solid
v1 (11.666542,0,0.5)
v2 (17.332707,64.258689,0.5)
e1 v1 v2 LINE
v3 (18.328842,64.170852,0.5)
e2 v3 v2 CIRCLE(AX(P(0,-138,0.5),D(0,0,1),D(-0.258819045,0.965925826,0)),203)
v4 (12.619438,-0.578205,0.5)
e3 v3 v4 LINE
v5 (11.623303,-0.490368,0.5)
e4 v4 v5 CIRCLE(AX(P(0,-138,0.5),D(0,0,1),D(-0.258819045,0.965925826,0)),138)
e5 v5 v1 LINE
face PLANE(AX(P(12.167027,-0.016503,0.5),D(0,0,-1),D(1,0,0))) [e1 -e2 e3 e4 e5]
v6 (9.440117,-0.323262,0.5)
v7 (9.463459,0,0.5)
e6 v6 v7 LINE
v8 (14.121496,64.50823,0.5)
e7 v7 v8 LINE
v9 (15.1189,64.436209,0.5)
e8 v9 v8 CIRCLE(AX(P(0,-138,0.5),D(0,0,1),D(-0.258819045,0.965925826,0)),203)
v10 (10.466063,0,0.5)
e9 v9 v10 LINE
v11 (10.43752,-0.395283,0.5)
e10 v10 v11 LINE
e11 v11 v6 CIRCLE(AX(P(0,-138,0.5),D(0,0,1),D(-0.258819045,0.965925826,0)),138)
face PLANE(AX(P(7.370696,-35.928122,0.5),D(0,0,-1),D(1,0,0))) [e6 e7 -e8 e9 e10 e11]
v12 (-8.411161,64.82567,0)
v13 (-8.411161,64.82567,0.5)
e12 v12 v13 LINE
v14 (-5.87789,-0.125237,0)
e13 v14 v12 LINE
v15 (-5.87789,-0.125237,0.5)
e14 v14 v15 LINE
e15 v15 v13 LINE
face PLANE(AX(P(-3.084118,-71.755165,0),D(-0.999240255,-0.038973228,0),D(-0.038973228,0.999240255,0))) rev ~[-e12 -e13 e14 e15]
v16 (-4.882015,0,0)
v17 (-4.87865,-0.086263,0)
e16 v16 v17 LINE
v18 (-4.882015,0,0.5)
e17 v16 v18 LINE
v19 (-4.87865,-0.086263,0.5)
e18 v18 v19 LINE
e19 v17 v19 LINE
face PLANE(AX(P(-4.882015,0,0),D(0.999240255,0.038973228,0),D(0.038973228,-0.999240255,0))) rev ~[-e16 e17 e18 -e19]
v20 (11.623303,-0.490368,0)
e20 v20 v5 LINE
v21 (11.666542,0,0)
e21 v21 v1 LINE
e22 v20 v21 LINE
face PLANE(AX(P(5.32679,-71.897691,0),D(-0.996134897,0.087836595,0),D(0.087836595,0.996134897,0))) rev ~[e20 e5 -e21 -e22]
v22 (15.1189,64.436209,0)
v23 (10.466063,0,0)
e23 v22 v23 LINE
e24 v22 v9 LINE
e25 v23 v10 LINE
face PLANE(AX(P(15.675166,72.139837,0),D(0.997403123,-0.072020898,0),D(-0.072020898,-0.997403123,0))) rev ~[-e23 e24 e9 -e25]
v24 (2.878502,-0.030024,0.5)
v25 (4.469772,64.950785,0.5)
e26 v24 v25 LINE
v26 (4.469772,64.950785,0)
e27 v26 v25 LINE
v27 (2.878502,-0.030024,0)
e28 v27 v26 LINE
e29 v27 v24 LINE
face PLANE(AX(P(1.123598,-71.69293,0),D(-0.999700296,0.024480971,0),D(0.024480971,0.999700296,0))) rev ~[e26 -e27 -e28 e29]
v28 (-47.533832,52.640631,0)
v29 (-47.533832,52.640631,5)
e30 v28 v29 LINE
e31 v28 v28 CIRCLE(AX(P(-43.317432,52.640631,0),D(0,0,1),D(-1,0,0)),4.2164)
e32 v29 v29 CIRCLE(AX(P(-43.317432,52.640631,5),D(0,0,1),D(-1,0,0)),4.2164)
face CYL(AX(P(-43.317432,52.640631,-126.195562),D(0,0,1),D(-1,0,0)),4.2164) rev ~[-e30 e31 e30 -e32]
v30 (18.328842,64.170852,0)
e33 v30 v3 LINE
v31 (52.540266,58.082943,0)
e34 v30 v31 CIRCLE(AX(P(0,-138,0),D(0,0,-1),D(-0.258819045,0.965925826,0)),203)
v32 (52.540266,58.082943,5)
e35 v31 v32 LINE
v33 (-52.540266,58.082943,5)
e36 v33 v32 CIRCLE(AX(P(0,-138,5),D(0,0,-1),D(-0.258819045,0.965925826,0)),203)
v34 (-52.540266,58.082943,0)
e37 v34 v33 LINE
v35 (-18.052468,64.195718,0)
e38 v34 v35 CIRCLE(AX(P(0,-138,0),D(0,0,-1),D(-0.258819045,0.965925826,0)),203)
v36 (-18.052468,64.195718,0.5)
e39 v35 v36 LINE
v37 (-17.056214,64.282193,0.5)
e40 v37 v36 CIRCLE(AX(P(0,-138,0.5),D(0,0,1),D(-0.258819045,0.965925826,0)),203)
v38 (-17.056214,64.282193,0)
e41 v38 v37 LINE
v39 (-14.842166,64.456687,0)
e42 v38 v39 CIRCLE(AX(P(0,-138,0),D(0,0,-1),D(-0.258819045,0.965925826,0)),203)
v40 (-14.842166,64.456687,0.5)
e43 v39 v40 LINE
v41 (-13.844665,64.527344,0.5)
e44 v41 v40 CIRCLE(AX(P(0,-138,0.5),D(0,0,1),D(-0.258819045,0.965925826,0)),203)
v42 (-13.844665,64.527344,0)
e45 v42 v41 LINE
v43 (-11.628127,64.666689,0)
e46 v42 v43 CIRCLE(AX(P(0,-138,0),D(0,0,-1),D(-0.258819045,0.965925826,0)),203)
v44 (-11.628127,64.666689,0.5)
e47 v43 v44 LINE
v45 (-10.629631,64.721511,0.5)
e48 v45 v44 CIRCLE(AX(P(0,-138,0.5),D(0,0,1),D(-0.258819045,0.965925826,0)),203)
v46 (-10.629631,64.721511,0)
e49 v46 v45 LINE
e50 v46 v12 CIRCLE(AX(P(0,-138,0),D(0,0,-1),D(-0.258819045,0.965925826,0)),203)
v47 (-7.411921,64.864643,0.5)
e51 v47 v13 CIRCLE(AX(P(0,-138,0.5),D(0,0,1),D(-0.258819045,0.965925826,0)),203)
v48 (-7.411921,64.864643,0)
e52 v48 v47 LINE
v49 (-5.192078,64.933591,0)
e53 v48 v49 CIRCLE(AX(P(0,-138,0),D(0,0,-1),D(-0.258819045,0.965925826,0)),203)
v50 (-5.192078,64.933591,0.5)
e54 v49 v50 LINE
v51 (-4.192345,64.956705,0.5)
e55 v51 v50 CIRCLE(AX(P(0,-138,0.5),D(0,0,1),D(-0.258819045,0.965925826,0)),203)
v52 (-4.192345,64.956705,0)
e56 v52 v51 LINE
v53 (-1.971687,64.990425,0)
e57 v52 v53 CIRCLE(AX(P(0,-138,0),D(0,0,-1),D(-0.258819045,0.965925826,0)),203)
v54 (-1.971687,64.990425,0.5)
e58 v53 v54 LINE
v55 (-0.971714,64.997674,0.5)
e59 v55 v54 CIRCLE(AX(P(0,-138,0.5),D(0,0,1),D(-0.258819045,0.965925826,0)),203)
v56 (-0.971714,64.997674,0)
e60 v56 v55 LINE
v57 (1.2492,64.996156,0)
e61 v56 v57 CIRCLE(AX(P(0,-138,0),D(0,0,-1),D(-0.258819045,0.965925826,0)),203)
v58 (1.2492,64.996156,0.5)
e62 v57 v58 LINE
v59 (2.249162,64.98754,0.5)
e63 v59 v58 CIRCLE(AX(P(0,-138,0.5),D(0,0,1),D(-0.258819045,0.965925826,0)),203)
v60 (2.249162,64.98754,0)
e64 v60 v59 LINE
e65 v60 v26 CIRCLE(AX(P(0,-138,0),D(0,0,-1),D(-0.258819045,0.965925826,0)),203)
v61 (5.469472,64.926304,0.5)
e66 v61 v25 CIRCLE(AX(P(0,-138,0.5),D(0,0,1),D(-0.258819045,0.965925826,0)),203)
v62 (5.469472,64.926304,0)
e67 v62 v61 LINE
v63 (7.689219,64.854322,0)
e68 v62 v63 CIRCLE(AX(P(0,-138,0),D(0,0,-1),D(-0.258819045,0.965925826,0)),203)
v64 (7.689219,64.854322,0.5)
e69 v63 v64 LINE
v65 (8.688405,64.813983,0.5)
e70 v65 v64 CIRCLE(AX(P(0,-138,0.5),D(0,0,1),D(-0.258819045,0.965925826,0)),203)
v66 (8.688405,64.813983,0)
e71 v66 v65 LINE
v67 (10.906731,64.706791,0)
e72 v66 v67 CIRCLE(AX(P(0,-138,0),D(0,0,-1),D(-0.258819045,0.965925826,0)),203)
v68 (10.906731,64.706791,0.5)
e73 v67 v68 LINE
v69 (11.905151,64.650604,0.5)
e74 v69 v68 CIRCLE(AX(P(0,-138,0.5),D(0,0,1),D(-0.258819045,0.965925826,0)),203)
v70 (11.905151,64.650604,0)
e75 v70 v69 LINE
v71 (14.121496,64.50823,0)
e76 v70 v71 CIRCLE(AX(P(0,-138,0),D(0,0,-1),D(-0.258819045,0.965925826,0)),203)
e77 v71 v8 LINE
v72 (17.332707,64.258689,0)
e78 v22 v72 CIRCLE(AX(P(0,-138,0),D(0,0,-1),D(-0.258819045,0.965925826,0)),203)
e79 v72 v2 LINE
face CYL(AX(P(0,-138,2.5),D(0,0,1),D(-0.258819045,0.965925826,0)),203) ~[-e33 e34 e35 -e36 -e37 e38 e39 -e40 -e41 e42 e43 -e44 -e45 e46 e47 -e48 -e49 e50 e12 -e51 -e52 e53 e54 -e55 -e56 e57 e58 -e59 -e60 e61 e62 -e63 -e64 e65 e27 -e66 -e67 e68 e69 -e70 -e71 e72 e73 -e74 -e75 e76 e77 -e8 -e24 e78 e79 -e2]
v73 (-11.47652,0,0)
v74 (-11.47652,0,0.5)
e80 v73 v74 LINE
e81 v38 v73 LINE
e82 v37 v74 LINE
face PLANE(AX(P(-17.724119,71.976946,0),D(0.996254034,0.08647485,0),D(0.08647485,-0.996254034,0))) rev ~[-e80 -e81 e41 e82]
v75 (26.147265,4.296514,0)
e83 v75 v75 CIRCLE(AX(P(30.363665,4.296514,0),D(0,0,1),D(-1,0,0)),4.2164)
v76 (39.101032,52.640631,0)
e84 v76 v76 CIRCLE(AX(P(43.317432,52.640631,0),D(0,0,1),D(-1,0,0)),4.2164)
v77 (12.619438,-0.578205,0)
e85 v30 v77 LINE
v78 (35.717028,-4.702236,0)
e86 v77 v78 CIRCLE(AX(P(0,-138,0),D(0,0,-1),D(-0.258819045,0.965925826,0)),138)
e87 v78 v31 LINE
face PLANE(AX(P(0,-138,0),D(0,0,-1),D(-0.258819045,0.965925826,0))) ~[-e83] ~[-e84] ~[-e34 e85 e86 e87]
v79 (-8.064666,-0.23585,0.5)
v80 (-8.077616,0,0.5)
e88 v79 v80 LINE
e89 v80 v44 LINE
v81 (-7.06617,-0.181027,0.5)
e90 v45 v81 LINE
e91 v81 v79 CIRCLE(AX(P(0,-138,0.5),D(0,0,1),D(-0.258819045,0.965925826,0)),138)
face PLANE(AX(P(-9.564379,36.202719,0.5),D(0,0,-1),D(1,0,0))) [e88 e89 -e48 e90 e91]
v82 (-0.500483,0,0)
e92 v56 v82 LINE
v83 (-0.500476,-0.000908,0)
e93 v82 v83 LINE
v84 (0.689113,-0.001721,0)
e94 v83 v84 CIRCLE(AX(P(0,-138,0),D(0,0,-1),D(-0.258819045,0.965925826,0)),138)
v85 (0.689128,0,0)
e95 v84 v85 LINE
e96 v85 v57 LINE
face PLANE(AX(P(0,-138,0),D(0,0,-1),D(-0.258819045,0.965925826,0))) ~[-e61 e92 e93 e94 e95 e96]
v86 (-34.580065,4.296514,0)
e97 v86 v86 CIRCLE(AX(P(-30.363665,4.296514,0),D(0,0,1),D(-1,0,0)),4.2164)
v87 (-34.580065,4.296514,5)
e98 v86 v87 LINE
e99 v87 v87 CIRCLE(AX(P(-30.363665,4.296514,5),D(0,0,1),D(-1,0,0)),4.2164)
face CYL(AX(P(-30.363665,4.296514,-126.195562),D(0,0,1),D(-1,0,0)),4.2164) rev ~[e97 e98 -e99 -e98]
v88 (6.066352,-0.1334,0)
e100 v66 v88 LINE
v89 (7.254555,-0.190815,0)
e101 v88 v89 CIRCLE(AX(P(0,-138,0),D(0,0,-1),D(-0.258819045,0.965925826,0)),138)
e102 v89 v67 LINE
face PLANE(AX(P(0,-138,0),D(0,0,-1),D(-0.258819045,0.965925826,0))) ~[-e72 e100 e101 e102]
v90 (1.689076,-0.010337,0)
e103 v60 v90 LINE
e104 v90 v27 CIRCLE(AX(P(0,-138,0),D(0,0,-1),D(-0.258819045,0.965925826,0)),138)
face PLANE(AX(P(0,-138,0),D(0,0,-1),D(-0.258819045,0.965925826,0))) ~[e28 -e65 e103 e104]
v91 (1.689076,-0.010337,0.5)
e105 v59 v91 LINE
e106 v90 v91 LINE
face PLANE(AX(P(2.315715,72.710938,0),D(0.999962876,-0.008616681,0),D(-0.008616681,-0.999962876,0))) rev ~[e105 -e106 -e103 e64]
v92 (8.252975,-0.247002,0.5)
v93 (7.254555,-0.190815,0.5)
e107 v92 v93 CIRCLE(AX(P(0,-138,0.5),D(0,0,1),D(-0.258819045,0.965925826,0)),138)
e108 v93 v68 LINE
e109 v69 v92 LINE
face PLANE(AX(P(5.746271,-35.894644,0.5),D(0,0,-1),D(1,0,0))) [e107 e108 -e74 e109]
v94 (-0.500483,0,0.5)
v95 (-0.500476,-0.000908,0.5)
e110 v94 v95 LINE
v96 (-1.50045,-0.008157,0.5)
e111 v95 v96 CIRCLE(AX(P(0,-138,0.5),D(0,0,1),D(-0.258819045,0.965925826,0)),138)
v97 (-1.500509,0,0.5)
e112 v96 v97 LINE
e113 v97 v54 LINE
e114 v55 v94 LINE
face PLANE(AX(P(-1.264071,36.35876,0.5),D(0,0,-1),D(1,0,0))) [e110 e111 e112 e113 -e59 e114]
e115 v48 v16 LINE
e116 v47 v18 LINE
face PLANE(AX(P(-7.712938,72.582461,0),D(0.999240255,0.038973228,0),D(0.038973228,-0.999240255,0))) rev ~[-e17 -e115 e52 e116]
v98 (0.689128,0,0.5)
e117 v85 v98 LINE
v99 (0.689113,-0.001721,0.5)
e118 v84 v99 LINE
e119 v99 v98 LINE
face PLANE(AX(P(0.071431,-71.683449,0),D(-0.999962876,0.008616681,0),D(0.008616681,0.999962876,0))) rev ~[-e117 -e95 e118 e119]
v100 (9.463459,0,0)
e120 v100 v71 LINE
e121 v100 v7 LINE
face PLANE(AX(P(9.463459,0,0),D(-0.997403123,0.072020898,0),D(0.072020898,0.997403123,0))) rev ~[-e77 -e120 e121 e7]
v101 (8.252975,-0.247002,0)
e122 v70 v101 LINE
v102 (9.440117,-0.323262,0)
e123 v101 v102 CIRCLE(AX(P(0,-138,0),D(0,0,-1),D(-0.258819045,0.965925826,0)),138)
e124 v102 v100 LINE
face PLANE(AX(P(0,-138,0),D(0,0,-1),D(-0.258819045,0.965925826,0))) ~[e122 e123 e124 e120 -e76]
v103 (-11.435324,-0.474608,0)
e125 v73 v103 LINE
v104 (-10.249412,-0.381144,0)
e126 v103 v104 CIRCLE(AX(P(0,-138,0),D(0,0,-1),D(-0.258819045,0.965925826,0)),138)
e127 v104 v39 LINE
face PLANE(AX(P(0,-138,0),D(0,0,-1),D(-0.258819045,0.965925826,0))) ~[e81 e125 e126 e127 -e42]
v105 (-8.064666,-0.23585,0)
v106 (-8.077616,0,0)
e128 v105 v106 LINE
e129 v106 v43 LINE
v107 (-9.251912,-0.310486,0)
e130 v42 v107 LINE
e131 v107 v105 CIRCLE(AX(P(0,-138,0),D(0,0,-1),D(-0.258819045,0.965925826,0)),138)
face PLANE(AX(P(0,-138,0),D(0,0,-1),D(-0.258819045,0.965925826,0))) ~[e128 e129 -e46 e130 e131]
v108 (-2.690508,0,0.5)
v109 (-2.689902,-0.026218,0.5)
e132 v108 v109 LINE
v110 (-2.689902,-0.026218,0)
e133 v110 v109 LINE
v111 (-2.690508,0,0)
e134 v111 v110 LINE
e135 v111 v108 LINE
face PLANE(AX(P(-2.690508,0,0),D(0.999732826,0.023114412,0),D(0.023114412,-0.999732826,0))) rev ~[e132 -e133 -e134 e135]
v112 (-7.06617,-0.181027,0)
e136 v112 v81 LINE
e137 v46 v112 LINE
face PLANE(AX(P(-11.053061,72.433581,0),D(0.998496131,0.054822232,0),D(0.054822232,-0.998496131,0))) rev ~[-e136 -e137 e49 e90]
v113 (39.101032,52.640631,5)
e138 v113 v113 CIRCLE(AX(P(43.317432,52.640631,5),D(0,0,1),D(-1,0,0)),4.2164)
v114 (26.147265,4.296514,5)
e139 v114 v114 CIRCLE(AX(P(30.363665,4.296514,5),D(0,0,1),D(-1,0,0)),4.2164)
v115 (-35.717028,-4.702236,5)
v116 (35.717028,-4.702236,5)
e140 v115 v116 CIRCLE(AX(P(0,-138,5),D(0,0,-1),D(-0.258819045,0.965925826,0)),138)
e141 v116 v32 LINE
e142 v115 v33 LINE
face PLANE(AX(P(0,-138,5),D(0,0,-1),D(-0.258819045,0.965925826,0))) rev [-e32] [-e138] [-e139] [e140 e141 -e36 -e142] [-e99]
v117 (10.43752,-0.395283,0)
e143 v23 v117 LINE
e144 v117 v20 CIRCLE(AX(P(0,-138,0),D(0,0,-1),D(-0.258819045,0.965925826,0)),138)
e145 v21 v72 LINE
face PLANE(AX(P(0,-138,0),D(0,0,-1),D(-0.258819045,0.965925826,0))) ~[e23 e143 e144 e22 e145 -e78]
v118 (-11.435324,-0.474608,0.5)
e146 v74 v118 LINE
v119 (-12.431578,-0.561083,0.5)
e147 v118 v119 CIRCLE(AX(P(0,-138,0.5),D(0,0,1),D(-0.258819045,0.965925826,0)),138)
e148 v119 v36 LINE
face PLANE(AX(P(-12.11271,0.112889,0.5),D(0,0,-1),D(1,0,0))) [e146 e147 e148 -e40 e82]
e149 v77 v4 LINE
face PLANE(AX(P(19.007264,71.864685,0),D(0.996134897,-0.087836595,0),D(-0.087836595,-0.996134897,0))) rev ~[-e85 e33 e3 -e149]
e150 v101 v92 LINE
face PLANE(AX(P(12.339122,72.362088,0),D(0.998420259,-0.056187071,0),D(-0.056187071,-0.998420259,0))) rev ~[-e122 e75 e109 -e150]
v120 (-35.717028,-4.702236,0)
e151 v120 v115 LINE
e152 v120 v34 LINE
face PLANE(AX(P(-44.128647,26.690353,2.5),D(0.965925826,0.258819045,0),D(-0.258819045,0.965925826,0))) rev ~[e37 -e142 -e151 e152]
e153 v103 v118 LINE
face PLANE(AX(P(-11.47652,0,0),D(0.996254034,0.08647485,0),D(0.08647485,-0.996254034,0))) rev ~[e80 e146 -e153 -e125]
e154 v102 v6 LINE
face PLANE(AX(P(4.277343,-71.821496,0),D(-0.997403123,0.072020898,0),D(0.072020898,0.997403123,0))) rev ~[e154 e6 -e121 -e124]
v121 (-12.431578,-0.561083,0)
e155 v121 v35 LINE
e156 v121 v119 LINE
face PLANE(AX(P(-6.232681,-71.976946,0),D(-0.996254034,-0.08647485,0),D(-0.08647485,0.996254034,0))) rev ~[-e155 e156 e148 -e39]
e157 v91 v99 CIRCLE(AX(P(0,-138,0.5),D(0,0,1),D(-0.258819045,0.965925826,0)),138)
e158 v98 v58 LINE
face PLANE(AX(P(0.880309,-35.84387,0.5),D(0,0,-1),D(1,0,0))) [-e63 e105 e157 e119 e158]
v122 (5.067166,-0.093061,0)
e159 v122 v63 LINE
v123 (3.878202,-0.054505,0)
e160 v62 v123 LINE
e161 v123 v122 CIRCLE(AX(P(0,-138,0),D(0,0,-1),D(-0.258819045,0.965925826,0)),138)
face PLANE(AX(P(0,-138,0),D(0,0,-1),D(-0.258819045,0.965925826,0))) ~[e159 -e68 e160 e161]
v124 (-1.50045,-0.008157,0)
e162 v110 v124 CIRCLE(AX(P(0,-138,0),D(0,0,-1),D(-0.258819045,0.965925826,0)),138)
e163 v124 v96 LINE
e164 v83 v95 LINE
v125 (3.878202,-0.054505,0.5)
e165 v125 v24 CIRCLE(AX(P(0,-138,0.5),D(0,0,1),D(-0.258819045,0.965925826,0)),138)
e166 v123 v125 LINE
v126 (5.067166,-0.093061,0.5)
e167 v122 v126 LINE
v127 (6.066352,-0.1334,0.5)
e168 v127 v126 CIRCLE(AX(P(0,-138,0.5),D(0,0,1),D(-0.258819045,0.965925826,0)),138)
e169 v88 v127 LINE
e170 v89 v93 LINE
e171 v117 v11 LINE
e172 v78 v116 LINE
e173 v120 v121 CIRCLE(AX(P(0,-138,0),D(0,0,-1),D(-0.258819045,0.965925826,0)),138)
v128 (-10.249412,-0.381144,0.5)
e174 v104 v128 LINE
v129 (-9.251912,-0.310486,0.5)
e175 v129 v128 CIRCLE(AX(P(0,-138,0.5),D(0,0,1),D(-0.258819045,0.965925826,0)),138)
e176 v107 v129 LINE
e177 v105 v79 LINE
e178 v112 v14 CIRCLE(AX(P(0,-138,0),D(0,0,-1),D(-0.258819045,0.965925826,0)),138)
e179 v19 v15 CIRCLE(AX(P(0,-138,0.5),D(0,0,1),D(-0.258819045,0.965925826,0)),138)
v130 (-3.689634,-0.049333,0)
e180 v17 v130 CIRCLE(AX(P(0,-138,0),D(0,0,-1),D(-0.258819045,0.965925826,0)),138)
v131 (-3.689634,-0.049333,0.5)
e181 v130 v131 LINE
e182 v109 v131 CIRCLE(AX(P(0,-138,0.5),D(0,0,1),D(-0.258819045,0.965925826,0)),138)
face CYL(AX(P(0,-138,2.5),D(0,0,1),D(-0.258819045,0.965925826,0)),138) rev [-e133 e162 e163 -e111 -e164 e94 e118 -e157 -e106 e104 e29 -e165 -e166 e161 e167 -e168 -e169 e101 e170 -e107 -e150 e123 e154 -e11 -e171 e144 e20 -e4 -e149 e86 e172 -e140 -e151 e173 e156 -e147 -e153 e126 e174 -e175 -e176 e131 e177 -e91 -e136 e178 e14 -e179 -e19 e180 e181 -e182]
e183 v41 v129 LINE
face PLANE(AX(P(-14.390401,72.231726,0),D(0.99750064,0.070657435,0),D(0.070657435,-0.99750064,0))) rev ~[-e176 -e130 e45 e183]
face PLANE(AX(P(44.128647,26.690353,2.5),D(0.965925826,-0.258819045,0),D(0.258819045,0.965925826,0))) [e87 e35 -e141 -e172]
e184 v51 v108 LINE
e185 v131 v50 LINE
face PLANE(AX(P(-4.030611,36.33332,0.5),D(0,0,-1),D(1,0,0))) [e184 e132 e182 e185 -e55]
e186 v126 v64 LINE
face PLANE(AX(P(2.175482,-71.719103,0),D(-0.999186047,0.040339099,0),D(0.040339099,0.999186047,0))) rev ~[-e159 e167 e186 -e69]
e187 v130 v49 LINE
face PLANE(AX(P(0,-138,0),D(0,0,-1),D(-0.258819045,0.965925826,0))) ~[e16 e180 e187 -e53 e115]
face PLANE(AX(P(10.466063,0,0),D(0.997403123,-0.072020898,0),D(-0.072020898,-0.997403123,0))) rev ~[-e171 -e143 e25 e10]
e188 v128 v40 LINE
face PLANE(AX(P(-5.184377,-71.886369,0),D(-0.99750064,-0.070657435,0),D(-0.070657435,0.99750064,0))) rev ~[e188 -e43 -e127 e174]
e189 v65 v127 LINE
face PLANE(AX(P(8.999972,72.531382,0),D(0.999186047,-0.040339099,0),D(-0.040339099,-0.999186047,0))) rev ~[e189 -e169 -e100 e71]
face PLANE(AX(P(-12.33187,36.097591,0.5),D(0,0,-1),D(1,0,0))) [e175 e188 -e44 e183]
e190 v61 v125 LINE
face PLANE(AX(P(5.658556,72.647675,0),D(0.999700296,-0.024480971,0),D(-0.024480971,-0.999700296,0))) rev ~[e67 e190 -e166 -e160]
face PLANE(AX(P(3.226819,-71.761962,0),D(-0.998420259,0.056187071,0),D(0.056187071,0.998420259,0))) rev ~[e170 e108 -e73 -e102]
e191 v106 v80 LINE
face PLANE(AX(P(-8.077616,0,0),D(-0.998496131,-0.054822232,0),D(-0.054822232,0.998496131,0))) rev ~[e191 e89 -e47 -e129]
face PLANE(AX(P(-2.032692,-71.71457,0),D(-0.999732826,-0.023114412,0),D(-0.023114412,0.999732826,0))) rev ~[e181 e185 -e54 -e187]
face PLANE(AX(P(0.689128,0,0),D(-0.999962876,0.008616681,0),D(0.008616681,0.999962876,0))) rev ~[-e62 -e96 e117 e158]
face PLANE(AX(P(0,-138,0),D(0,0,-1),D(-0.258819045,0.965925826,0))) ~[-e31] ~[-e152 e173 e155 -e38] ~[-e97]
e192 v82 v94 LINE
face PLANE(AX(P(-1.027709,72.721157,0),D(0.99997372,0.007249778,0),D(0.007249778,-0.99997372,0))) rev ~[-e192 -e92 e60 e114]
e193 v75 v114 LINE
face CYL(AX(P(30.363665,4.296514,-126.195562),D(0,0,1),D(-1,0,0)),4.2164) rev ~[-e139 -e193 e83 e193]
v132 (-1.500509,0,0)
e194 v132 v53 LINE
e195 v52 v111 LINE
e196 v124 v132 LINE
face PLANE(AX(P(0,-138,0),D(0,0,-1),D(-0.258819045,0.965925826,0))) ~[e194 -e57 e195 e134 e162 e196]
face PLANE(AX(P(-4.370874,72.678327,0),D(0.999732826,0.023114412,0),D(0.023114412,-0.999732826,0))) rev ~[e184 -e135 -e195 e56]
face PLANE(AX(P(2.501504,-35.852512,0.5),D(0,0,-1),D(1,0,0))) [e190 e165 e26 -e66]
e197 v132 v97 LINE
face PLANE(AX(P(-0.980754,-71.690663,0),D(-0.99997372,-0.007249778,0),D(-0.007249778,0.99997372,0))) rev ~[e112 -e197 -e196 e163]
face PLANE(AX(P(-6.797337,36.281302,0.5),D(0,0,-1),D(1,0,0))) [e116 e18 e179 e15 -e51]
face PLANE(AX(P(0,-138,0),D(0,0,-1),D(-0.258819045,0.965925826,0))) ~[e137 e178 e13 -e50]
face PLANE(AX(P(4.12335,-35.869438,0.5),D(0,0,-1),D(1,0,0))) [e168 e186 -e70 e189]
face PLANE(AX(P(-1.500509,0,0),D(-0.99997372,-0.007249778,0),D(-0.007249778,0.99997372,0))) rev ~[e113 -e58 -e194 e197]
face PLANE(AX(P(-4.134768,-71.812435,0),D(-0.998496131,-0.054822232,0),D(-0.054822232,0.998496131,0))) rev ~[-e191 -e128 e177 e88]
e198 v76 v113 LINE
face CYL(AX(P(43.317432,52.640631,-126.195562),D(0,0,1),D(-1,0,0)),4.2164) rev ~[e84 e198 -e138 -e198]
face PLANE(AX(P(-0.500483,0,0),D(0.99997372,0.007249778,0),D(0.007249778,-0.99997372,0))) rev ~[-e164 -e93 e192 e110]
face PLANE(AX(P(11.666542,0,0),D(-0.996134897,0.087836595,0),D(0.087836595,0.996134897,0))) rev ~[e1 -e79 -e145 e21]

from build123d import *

# Parameters (mm, degrees)
F0_W          = 65
F0_H          = 5
F1_ANGLE_BACK = 15
F1_ANGLE      = 30
F3_DEPTH      = 0.5
F5_D          = 8.4328


with BuildPart() as f1:
    # F0 (on Right) → F1 (revolve)
    with BuildSketch(Plane.YZ, mode=Mode.PRIVATE) as f1_sk:
        with Locations((32.5, 2.5)):
            Rectangle(F0_W, F0_H)
    revolve(f1_sk.sketch.rotate(Axis((0, -138, 18.1028265506), (0, 0, -1)), -F1_ANGLE_BACK), axis=Axis((0, -138, 18.1028265506), (0, 0, -1)), revolution_arc=F1_ANGLE)

    # F2 (on face) → F3 (cut)
    with BuildSketch(Plane(origin=(0, 0, 0), x_dir=(1, 0, 0), z_dir=(0, 0, -1))):
        Polygon((-17.7241188623, -71.9769457125), (-11.4765199745, 3e-10), (-11.9784, 3e-10), (-5.7345541206, 71.9337082881), (-6.2326811376, 71.9769457131), (-18.7203728964, -71.8904708623), align=None)
        Polygon((-11.9784, 3e-10), (-11.4765199745, 3e-10), (-5.2364271036, 71.890470863), (-5.7345541206, 71.9337082881), align=None)
        Polygon((-14.3904012595, -72.2317256548), (-9.2739048409, 3e-10), (-10.2764104633, 3e-10), (-15.3879018995, -72.1610682199), align=None)
        Polygon((-10.2764104633, 3e-10), (-9.2739048409, 3e-10), (-4.1868765839, 71.8157112602), (-5.184377224, 71.886368695), align=None)
        Polygon((-11.05306095, -72.4335808844), (-7.0761095593, 3e-10), (-8.0776156937, 3e-10), (-12.0515570806, -72.3787586524), align=None)
        Polygon((-8.0776156937, 3e-10), (-7.0761095593, 3e-10), (-3.1362720404, 71.7576131981), (-4.1347681711, 71.8124354301), align=None)
        Polygon((-7.7129380916, -72.5824605854), (-4.8820145346, 3e-10), (-5.8827748571, 3e-10), (-8.7121783467, -72.5434873575), align=None)
        Polygon((-5.8827748571, 3e-10), (-4.8820145346, 3e-10), (-2.0848779572, 71.7161913026), (-3.0841182124, 71.7551645305), align=None)
        Polygon((-4.3708735422, -72.678327278), (-2.6905077568, 3e-10), (-3.6907750019, 3e-10), (-5.3706063685, -72.6552128656), align=None)
        Polygon((-3.6907750019, 3e-10), (-2.6905077568, 3e-10), (-1.0329590172, 71.6914560015), (-2.0326918435, 71.714570414), align=None)
        Polygon((-1.0277086488, -72.7211568285), (-0.5004825388, 3e-10), (-1.5005088195, 3e-10), (-2.0276823688, -72.7139070503), align=None)
        Polygon((-1.5005088195, 3e-10), (-0.5004825388, 3e-10), (0.0192199648, 71.6834135218), (-0.9807537552, 71.6906633), align=None)
        Polygon((5.3267903546, 71.8976905392), (11.6665424492, 3e-10), (18.0111294073, -71.9525216273), (19.0072643041, -71.8646850327), (6.3229252514, 71.9855271339), align=None)
        Polygon((4.2773430078, 71.8214963276), (9.4634593874, 3e-10), (10.4660630255, 3e-10), (5.274746131, 71.8935172258), align=None)
        Polygon((10.4660630255, 3e-10), (9.4634593874, 3e-10), (14.6777631894, -72.2118583428), (15.6751663126, -72.1398374447), align=None)
        Polygon((3.2268188627, 71.7619622003), (7.2652930626, 3e-10), (8.2668753034, 3e-10), (4.2252391215, 71.8181492712), align=None)
        Polygon((8.2668753034, 3e-10), (7.2652930626, 3e-10), (11.3407019231, -72.4182753472), (12.3391221818, -72.3620882763), align=None)
        Polygon((2.1754823833, 71.7191031448), (5.0709231192, 3e-10), (6.071737735, 3e-10), (3.1746684306, 71.7594422436), align=None)
        Polygon((6.071737735, 3e-10), (5.0709231192, 3e-10), (8.0007856957, -72.571720676), (8.999971743, -72.5313815772), align=None)
        Polygon((1.1235982379, 71.6929299507), (2.8792369834, 3e-10), (3.8795367771, 3e-10), (2.123298534, 71.7174109221), align=None)
        Polygon((3.8795367771, 3e-10), (2.8792369834, 3e-10), (4.6588553133, -72.6721557002), (5.6585556094, -72.6476747287), align=None)
        Polygon((0.0714312325, 71.6834492068), (0.6891275978, 3e-10), (1.6891647234, 3e-10), (1.0713941082, 71.6920658881), align=None)
        Polygon((1.6891647234, 3e-10), (0.6891275978, 3e-10), (1.315752089, -72.7195551358), (2.3157149647, -72.7109384546), align=None)
    extrude(amount=-F3_DEPTH, mode=Mode.SUBTRACT)

    # F5 (through all)
    with Locations(Plane(origin=(0, 0, 0), x_dir=(1, 0, 0), z_dir=(0, 0, -1))):
        with Locations((-30.363664634, -4.2965139067), (30.363664634, -4.2965139067), (43.3174317129, -52.6406307947), (-43.3174317129, -52.6406307947)):
            Hole(F5_D / 2)


solid = f1.part
